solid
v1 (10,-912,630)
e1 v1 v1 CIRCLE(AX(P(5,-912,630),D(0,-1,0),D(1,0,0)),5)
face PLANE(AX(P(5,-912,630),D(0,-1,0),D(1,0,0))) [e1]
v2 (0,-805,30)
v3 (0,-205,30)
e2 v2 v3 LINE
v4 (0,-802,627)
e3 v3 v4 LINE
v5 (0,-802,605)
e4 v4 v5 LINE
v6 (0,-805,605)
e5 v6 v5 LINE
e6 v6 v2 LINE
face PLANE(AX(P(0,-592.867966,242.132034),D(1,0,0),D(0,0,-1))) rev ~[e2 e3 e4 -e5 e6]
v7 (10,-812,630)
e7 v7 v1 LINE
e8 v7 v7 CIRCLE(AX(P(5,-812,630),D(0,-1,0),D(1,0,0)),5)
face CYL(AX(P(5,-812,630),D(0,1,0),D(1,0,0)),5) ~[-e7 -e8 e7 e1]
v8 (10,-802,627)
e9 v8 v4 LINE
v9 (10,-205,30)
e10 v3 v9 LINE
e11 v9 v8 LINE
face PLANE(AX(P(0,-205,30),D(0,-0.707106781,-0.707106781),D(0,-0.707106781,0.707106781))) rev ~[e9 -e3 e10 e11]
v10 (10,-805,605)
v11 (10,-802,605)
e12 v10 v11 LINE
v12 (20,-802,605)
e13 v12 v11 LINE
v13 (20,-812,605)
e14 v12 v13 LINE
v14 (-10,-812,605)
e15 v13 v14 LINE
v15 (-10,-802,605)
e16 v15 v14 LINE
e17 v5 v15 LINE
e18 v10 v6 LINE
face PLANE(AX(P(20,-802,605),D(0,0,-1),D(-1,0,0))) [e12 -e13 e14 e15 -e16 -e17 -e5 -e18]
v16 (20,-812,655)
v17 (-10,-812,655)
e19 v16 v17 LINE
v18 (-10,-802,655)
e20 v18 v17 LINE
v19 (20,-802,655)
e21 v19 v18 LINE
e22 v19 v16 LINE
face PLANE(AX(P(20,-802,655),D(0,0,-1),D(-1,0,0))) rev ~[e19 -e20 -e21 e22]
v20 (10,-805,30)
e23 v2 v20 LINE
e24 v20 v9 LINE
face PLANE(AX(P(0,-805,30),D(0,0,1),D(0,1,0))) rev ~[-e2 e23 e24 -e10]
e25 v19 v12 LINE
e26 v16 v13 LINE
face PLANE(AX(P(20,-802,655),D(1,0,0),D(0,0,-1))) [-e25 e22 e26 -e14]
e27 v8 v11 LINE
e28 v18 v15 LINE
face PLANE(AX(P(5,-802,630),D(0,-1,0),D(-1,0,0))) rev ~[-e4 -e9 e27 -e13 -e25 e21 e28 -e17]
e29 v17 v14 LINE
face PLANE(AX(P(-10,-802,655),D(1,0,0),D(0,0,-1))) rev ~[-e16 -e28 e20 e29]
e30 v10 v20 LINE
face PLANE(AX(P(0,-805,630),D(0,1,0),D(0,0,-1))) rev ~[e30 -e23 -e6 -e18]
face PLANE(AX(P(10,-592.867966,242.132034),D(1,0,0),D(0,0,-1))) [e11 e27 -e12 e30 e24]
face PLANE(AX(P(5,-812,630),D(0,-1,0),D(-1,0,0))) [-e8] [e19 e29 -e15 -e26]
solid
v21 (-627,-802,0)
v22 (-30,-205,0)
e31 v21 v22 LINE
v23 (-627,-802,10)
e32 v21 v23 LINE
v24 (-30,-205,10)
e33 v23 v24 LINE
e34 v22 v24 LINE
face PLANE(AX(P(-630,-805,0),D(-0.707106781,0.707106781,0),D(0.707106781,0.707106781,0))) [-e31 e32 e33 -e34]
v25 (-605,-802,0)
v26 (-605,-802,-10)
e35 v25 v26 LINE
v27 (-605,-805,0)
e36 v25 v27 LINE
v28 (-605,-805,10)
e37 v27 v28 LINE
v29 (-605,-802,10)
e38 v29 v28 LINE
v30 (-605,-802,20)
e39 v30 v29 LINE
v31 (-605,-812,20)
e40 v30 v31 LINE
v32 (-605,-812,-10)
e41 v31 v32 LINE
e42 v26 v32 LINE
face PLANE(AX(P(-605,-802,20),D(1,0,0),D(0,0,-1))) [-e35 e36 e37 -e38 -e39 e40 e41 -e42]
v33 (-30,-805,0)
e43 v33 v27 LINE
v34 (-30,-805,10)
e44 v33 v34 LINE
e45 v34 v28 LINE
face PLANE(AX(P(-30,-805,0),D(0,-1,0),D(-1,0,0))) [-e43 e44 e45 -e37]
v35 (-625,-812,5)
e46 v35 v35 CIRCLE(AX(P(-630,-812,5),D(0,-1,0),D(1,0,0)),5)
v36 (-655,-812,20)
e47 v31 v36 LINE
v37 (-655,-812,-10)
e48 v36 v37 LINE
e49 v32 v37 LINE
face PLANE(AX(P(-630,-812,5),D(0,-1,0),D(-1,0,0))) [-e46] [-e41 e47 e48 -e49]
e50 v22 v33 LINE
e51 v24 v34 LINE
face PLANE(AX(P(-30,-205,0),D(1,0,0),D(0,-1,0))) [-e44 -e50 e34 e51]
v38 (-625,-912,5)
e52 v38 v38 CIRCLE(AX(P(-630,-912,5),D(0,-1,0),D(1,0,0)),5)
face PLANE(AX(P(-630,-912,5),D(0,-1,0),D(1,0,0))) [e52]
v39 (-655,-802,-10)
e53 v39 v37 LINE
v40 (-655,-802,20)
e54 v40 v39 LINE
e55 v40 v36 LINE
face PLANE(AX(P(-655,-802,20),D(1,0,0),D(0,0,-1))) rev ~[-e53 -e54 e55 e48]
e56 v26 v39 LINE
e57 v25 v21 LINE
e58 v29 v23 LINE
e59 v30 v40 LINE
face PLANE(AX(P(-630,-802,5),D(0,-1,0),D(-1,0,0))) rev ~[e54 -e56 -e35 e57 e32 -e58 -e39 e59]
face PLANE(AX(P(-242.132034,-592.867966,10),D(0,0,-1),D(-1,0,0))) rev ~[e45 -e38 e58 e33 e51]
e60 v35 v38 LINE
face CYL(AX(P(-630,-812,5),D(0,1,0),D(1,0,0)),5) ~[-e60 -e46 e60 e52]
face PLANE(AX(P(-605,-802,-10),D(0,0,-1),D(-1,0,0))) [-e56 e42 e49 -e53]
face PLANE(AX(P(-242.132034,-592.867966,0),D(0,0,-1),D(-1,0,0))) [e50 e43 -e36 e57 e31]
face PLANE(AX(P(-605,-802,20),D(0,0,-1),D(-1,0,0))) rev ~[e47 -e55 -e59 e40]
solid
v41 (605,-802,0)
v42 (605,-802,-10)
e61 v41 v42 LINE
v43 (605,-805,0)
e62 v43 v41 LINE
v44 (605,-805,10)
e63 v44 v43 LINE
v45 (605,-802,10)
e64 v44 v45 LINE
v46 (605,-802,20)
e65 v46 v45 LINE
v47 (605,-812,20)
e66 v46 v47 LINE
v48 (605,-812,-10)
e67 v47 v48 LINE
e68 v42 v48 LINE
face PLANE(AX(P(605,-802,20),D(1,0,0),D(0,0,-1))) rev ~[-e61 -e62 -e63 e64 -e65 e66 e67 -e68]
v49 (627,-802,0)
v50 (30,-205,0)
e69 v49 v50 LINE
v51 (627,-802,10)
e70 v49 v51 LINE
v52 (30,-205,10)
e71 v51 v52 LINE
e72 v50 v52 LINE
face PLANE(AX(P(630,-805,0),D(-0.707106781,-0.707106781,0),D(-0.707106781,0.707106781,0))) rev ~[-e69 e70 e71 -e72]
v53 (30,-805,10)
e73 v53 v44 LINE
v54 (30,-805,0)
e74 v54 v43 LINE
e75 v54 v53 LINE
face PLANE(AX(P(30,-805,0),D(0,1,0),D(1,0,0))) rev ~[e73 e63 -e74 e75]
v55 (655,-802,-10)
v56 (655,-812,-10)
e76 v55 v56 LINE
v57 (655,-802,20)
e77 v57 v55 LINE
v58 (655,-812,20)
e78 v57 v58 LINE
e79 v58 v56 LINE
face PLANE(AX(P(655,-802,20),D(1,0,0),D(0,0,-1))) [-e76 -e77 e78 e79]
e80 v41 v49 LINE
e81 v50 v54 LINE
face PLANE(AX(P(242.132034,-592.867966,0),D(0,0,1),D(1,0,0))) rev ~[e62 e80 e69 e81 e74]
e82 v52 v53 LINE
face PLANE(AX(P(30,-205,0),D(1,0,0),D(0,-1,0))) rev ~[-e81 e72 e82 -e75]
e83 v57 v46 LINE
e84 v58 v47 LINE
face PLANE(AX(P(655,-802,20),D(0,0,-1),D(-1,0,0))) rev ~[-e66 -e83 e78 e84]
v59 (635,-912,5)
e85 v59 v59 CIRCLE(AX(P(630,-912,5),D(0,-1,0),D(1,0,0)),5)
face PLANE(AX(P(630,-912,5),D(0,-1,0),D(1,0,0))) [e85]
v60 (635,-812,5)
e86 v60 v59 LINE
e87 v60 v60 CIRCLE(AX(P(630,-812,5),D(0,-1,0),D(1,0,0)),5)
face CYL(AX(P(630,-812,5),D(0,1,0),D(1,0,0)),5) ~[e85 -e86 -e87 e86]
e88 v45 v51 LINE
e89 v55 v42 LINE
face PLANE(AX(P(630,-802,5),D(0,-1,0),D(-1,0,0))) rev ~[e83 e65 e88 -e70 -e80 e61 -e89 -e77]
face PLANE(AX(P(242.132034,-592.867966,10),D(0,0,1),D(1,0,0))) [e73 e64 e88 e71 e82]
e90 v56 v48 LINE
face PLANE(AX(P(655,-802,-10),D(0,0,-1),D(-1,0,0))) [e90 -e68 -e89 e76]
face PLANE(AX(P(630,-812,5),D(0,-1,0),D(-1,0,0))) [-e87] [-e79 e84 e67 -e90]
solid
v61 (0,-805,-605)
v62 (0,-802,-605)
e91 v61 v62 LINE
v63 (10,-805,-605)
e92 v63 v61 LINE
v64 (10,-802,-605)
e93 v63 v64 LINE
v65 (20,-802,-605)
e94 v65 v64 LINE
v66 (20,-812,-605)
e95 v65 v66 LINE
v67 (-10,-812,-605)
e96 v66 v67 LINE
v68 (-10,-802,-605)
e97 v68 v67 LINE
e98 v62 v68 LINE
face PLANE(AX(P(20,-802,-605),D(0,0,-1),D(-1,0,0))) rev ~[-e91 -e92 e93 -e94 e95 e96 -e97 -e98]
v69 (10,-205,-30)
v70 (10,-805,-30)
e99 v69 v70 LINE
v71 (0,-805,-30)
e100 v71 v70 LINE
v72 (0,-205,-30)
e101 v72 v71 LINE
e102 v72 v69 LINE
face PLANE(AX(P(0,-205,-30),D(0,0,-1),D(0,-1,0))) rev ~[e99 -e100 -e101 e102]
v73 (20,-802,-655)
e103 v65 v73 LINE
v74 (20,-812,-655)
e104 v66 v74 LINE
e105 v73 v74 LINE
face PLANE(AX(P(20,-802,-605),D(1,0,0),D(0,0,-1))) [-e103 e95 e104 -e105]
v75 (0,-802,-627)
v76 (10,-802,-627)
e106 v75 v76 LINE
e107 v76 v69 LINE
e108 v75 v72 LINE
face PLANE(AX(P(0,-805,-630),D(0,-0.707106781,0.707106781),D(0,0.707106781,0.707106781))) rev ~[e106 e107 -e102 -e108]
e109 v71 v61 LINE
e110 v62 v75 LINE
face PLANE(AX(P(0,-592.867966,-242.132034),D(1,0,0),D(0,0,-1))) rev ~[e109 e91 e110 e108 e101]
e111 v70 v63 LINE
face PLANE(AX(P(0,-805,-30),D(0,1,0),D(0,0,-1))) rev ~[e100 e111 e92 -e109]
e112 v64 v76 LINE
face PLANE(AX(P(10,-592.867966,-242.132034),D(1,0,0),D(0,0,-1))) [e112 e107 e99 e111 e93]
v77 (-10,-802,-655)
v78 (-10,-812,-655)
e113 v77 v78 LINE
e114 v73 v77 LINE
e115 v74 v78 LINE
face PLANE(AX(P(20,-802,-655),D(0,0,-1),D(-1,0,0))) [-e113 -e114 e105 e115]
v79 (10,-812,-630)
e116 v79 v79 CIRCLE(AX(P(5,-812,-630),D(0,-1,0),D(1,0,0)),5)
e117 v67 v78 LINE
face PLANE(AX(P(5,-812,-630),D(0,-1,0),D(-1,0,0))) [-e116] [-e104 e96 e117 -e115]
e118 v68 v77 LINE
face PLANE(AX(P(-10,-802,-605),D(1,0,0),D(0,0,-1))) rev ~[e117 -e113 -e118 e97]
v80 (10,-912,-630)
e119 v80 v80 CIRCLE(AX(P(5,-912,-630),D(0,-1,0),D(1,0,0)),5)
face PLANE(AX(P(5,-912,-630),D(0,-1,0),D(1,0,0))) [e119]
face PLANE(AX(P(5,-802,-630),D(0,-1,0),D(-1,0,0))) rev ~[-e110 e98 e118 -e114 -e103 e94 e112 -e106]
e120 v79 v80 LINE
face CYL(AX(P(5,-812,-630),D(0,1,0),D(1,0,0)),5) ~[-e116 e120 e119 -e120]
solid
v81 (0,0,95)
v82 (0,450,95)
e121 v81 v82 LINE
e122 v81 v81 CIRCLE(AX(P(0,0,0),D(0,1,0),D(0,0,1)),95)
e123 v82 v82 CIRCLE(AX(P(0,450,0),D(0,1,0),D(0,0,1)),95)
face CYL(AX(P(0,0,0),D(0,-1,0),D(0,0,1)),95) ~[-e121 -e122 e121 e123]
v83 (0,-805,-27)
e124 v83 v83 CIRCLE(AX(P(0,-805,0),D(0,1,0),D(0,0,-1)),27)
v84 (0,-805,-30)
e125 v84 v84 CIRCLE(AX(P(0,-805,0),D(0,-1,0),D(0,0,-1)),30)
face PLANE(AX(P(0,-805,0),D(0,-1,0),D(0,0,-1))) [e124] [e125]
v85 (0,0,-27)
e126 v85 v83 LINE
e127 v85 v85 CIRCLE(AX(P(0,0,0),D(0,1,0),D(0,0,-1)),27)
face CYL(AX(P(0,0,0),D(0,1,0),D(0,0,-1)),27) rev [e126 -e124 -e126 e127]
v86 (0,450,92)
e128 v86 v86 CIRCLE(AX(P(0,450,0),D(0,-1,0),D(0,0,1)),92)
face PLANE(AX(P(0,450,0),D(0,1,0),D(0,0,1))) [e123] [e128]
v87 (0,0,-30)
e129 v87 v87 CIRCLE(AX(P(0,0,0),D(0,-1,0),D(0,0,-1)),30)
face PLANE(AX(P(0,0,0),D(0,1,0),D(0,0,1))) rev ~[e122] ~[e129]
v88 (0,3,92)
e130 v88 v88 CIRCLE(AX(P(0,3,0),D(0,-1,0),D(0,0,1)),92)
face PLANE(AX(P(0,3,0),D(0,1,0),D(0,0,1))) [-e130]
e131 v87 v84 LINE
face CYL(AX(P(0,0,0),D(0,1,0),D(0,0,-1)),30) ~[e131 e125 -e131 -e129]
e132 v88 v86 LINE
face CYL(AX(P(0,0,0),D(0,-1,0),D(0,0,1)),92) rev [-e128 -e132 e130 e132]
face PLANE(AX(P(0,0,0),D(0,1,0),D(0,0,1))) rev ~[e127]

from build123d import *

# Parameters (mm, degrees)
SKETCH1_R            = 95
BOSS_EXTRUDE1_DEPTH  = 450
SHELL2_T             = -3
SKETCH2_R            = 30
BOSS_EXTRUDE2_DEPTH  = 805
SHELL3_T             = -3
BOSS_EXTRUDE3_DEPTH  = 10
BOSS_EXTRUDE4_DEPTH  = 10
BOSS_EXTRUDE5_DEPTH  = 10
BOSS_EXTRUDE6_DEPTH  = 10
SKETCH11_W           = 30
SKETCH11_H           = 50
BOSS_EXTRUDE7_DEPTH  = 10
SKETCH12_W           = 50
SKETCH12_H           = 30
BOSS_EXTRUDE8_DEPTH  = 10
SKETCH13_W           = 50
SKETCH13_H           = 30
BOSS_EXTRUDE9_DEPTH  = 10
SKETCH14_W           = 30
SKETCH14_H           = 50
BOSS_EXTRUDE10_DEPTH = 10
SKETCH17_R           = 5
BOSS_EXTRUDE11_DEPTH = 100
SKETCH18_R           = 5
BOSS_EXTRUDE12_DEPTH = 100
SKETCH19_R           = 5
BOSS_EXTRUDE13_DEPTH = 100
SKETCH20_R           = 5
BOSS_EXTRUDE14_DEPTH = 100


with BuildPart() as part:
    # Sketch1 → Boss-Extrude1 (new body)
    with BuildSketch(Plane(origin=(0, 0, 0), x_dir=(1, 0, 0), z_dir=(0, 1, 0))):
        with Locations(Location((0, 0, 0), (0, 0, 270))):
            Circle(SKETCH1_R)
    extrude(amount=BOSS_EXTRUDE1_DEPTH)

    # Shell2
    shell2_openings = [part.faces().sort_by_distance(p)[0] for p in [
        (0, 450, 0),
    ]]
    offset(amount=SHELL2_T, openings=shell2_openings, kind=Kind.INTERSECTION)

    # Sketch2 → Boss-Extrude2 (add)
    with BuildSketch(Plane.XZ):
        with Locations(Location((0, 0, 0), (0, 0, 270))):
            Circle(SKETCH2_R)
    extrude(amount=BOSS_EXTRUDE2_DEPTH)

    # Shell3
    shell3_openings = [part.faces().sort_by_distance(p)[0] for p in [
        (0, -805, 0),
    ]]
    offset(amount=SHELL3_T, openings=shell3_openings, kind=Kind.INTERSECTION)


with BuildPart() as body_2:
    # Sketch5 → Boss-Extrude3 (new body)
    with BuildSketch(Plane(origin=(0, 0, 0), x_dir=(0, 0, -1), z_dir=(1, 0, 0))):
        Polygon((-30, -205), (-630, -805), (-30, -805), align=None)
    extrude(amount=BOSS_EXTRUDE3_DEPTH)

    # Sketch14 → Boss-Extrude10 (add)
    with BuildSketch(Plane(origin=(0, -802, 0), x_dir=(-1, 0, 0), z_dir=(0, -1, 0))):
        with Locations((-5, -630)):
            Rectangle(SKETCH14_W, SKETCH14_H)
    extrude(amount=BOSS_EXTRUDE10_DEPTH)

    # Sketch18 → Boss-Extrude12 (add)
    with BuildSketch(Plane.XZ.offset(812)):
        with Locations((5, 630)):
            Circle(SKETCH18_R)
    extrude(amount=BOSS_EXTRUDE12_DEPTH)


with BuildPart() as body_3:
    # Sketch6 → Boss-Extrude4 (new body)
    with BuildSketch(Plane(origin=(0, 0, 0), x_dir=(0, 0, -1), z_dir=(1, 0, 0))):
        Polygon((30, -205), (30, -805), (630, -805), align=None)
    extrude(amount=BOSS_EXTRUDE4_DEPTH)

    # Sketch11 → Boss-Extrude7 (add)
    with BuildSketch(Plane(origin=(0, -802, 0), x_dir=(-1, 0, 0), z_dir=(0, -1, 0))):
        with Locations((-5, 630)):
            Rectangle(SKETCH11_W, SKETCH11_H)
    extrude(amount=BOSS_EXTRUDE7_DEPTH)

    # Sketch20 → Boss-Extrude14 (add)
    with BuildSketch(Plane.XZ.offset(812)):
        with Locations((5, -630)):
            Circle(SKETCH20_R)
    extrude(amount=BOSS_EXTRUDE14_DEPTH)


with BuildPart() as body_4:
    # Sketch8 → Boss-Extrude5 (new body)
    with BuildSketch(Plane.XY):
        Polygon((-30, -205), (-30, -805), (-630, -805), align=None)
    extrude(amount=BOSS_EXTRUDE5_DEPTH)

    # Sketch12 → Boss-Extrude8 (add)
    with BuildSketch(Plane(origin=(0, -802, 0), x_dir=(-1, 0, 0), z_dir=(0, -1, 0))):
        with Locations((630, -5)):
            Rectangle(SKETCH12_W, SKETCH12_H)
    extrude(amount=BOSS_EXTRUDE8_DEPTH)

    # Sketch19 → Boss-Extrude13 (add)
    with BuildSketch(Plane.XZ.offset(812)):
        with Locations((-630, 5)):
            Circle(SKETCH19_R)
    extrude(amount=BOSS_EXTRUDE13_DEPTH)


with BuildPart() as body_5:
    # Sketch9 → Boss-Extrude6 (new body)
    with BuildSketch(Plane.XY):
        Polygon((30, -205), (30, -805), (630, -805), align=None)
    extrude(amount=BOSS_EXTRUDE6_DEPTH)

    # Sketch13 → Boss-Extrude9 (add)
    with BuildSketch(Plane(origin=(0, -802, 0), x_dir=(-1, 0, 0), z_dir=(0, -1, 0))):
        with Locations((-630, -5)):
            Rectangle(SKETCH13_W, SKETCH13_H)
    extrude(amount=BOSS_EXTRUDE9_DEPTH)

    # Sketch17 → Boss-Extrude11 (add)
    with BuildSketch(Plane.XZ.offset(812)):
        with Locations((630, 5)):
            Circle(SKETCH17_R)
    extrude(amount=BOSS_EXTRUDE11_DEPTH)


solid = Compound([part.part, body_2.part, body_3.part, body_4.part, body_5.part])
